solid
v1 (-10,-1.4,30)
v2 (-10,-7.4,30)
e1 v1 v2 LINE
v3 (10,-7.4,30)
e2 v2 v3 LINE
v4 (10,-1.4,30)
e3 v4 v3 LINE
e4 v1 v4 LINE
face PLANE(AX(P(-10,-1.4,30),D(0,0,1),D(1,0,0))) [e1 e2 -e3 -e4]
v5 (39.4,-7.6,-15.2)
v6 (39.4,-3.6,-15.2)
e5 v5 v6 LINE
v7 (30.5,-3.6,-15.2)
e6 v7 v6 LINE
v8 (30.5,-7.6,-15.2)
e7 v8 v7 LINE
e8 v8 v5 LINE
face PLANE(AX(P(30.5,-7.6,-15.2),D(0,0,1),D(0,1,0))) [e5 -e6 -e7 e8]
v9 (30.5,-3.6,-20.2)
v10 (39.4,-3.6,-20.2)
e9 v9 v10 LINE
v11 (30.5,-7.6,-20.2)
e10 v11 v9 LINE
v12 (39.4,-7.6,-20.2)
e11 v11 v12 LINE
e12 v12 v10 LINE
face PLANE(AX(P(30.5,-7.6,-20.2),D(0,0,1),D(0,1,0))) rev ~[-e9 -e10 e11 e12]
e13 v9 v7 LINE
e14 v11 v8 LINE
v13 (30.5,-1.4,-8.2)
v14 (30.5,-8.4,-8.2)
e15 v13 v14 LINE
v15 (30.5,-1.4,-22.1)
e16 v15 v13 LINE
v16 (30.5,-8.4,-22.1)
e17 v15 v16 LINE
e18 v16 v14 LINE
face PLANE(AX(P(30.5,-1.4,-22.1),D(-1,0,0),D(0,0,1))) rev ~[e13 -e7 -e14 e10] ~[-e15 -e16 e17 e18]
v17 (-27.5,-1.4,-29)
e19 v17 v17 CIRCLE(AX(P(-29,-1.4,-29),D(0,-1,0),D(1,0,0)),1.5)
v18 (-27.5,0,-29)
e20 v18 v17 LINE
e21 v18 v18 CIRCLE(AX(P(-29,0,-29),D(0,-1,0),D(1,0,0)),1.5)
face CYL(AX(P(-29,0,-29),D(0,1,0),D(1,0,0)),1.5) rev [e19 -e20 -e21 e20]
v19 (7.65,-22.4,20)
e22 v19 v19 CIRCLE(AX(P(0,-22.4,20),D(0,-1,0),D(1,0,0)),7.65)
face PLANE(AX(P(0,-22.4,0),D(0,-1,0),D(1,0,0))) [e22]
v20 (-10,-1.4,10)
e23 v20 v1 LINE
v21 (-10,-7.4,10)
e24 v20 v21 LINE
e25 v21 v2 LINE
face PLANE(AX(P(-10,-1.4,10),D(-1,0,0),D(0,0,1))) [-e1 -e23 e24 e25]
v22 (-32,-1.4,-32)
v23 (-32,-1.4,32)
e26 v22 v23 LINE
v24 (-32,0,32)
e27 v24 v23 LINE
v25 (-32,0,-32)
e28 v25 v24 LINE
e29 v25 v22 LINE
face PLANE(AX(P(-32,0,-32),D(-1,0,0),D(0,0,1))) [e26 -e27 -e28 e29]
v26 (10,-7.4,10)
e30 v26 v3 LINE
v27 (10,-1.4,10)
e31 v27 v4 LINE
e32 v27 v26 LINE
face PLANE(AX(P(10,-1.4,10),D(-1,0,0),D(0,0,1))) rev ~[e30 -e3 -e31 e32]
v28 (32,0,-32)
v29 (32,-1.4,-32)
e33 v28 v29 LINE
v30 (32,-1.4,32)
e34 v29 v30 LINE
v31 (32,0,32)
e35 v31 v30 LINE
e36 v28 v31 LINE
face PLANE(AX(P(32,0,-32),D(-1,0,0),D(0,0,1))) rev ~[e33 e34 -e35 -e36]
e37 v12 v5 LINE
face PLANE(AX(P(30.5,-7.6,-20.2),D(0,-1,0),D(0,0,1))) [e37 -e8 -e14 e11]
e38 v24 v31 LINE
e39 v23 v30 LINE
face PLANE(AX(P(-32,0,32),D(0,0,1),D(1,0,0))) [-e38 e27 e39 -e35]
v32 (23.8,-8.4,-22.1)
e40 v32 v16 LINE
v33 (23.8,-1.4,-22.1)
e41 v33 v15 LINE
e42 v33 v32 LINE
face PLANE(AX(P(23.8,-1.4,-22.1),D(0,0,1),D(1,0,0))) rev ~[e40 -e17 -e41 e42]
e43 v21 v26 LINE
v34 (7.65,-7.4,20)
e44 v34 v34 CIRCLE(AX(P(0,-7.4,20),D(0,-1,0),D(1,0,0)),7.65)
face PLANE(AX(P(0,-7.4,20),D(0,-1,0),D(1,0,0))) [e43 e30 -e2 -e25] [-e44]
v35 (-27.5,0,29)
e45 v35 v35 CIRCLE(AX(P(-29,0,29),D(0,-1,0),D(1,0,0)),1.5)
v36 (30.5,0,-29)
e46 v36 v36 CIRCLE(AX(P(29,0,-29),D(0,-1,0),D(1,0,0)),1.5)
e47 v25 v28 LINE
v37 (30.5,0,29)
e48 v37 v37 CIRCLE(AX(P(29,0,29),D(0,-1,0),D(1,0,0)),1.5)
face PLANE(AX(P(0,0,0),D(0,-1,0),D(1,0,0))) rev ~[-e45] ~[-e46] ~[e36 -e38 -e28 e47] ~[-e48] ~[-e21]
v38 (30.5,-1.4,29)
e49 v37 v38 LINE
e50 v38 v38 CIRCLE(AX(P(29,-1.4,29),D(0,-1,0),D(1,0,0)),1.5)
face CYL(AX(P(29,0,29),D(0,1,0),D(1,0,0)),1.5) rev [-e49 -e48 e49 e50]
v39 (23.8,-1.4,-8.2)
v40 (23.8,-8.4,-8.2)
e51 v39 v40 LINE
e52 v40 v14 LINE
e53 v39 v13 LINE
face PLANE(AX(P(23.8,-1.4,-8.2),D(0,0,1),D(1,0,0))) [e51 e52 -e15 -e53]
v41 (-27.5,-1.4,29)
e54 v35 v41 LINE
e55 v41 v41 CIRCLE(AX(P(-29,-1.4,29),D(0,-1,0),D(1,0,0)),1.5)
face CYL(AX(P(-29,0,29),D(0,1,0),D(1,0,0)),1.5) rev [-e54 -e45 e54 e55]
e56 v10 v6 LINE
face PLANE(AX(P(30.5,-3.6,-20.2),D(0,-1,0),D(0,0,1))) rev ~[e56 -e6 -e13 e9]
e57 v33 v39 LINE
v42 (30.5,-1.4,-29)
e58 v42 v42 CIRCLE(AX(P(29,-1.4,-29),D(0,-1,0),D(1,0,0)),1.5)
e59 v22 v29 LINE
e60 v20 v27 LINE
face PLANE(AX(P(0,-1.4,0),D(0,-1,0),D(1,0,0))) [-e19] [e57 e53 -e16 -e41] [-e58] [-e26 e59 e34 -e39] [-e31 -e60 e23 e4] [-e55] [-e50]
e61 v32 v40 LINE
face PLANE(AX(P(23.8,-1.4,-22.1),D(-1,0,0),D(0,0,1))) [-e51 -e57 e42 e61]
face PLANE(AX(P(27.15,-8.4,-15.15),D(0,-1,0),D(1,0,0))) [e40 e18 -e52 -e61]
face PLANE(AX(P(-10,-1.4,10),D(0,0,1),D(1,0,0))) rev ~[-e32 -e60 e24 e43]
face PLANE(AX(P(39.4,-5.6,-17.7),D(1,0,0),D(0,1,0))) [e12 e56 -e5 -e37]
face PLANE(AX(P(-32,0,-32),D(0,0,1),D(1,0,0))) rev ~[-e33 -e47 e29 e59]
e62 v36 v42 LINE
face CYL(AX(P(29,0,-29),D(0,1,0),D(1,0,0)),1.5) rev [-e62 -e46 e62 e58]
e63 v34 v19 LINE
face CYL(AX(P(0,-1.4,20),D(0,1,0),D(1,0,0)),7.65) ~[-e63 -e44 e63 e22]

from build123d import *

# Parameters (mm, degrees)
F0_W     = 64
F0_H     = 64
F0_R     = 1.5
F1_DEPTH = 1.4
F2_W     = 20
F2_H     = 20
F2_R     = 7.65
F3_DEPTH = 6
F4_DEPTH = 21
F2_W_2   = 6.7
F2_H_2   = 13.9
F5_DEPTH = 7
F6_W     = 4
F6_H     = 5
F7_DEPTH = 8.9


with BuildPart() as f1:
    # F0 (on Front) → F1 (new body)
    with BuildSketch(Plane.XZ):
        Rectangle(F0_W, F0_H)
        with Locations((-29, -29)):
            Circle(F0_R, mode=Mode.SUBTRACT)
        with Locations((29, -29)):
            Circle(F0_R, mode=Mode.SUBTRACT)
        with Locations((-29, 29)):
            Circle(F0_R, mode=Mode.SUBTRACT)
        with Locations((29, 29)):
            Circle(F0_R, mode=Mode.SUBTRACT)
    extrude(amount=F1_DEPTH)

    # F2 (on face) → F3 (join)
    with BuildSketch(Plane.XZ.offset(1.4)):
        with Locations((0, 20)):
            Rectangle(F2_W, F2_H)
        with Locations((0, 20)):
            Circle(F2_R, mode=Mode.SUBTRACT)
    extrude(amount=F3_DEPTH)

    # F4 (add): a face of the model
    f4_faces = [f1.faces().sort_by_distance(p)[0] for p in [
        (0, -1.4, 20),
    ]]
    extrude(f4_faces, amount=F4_DEPTH)

    # F2 (on face) → F5 (join)
    with BuildSketch(Plane.XZ.offset(1.4)):
        with Locations((27.15, -15.15)):
            Rectangle(F2_W_2, F2_H_2)
    extrude(amount=F5_DEPTH)

    # F6 (on face) → F7 (join)
    with BuildSketch(Plane.YZ.offset(30.5)):
        with Locations((-5.6, -17.7)):
            Rectangle(F6_W, F6_H)
    extrude(amount=F7_DEPTH)


solid = f1.part
